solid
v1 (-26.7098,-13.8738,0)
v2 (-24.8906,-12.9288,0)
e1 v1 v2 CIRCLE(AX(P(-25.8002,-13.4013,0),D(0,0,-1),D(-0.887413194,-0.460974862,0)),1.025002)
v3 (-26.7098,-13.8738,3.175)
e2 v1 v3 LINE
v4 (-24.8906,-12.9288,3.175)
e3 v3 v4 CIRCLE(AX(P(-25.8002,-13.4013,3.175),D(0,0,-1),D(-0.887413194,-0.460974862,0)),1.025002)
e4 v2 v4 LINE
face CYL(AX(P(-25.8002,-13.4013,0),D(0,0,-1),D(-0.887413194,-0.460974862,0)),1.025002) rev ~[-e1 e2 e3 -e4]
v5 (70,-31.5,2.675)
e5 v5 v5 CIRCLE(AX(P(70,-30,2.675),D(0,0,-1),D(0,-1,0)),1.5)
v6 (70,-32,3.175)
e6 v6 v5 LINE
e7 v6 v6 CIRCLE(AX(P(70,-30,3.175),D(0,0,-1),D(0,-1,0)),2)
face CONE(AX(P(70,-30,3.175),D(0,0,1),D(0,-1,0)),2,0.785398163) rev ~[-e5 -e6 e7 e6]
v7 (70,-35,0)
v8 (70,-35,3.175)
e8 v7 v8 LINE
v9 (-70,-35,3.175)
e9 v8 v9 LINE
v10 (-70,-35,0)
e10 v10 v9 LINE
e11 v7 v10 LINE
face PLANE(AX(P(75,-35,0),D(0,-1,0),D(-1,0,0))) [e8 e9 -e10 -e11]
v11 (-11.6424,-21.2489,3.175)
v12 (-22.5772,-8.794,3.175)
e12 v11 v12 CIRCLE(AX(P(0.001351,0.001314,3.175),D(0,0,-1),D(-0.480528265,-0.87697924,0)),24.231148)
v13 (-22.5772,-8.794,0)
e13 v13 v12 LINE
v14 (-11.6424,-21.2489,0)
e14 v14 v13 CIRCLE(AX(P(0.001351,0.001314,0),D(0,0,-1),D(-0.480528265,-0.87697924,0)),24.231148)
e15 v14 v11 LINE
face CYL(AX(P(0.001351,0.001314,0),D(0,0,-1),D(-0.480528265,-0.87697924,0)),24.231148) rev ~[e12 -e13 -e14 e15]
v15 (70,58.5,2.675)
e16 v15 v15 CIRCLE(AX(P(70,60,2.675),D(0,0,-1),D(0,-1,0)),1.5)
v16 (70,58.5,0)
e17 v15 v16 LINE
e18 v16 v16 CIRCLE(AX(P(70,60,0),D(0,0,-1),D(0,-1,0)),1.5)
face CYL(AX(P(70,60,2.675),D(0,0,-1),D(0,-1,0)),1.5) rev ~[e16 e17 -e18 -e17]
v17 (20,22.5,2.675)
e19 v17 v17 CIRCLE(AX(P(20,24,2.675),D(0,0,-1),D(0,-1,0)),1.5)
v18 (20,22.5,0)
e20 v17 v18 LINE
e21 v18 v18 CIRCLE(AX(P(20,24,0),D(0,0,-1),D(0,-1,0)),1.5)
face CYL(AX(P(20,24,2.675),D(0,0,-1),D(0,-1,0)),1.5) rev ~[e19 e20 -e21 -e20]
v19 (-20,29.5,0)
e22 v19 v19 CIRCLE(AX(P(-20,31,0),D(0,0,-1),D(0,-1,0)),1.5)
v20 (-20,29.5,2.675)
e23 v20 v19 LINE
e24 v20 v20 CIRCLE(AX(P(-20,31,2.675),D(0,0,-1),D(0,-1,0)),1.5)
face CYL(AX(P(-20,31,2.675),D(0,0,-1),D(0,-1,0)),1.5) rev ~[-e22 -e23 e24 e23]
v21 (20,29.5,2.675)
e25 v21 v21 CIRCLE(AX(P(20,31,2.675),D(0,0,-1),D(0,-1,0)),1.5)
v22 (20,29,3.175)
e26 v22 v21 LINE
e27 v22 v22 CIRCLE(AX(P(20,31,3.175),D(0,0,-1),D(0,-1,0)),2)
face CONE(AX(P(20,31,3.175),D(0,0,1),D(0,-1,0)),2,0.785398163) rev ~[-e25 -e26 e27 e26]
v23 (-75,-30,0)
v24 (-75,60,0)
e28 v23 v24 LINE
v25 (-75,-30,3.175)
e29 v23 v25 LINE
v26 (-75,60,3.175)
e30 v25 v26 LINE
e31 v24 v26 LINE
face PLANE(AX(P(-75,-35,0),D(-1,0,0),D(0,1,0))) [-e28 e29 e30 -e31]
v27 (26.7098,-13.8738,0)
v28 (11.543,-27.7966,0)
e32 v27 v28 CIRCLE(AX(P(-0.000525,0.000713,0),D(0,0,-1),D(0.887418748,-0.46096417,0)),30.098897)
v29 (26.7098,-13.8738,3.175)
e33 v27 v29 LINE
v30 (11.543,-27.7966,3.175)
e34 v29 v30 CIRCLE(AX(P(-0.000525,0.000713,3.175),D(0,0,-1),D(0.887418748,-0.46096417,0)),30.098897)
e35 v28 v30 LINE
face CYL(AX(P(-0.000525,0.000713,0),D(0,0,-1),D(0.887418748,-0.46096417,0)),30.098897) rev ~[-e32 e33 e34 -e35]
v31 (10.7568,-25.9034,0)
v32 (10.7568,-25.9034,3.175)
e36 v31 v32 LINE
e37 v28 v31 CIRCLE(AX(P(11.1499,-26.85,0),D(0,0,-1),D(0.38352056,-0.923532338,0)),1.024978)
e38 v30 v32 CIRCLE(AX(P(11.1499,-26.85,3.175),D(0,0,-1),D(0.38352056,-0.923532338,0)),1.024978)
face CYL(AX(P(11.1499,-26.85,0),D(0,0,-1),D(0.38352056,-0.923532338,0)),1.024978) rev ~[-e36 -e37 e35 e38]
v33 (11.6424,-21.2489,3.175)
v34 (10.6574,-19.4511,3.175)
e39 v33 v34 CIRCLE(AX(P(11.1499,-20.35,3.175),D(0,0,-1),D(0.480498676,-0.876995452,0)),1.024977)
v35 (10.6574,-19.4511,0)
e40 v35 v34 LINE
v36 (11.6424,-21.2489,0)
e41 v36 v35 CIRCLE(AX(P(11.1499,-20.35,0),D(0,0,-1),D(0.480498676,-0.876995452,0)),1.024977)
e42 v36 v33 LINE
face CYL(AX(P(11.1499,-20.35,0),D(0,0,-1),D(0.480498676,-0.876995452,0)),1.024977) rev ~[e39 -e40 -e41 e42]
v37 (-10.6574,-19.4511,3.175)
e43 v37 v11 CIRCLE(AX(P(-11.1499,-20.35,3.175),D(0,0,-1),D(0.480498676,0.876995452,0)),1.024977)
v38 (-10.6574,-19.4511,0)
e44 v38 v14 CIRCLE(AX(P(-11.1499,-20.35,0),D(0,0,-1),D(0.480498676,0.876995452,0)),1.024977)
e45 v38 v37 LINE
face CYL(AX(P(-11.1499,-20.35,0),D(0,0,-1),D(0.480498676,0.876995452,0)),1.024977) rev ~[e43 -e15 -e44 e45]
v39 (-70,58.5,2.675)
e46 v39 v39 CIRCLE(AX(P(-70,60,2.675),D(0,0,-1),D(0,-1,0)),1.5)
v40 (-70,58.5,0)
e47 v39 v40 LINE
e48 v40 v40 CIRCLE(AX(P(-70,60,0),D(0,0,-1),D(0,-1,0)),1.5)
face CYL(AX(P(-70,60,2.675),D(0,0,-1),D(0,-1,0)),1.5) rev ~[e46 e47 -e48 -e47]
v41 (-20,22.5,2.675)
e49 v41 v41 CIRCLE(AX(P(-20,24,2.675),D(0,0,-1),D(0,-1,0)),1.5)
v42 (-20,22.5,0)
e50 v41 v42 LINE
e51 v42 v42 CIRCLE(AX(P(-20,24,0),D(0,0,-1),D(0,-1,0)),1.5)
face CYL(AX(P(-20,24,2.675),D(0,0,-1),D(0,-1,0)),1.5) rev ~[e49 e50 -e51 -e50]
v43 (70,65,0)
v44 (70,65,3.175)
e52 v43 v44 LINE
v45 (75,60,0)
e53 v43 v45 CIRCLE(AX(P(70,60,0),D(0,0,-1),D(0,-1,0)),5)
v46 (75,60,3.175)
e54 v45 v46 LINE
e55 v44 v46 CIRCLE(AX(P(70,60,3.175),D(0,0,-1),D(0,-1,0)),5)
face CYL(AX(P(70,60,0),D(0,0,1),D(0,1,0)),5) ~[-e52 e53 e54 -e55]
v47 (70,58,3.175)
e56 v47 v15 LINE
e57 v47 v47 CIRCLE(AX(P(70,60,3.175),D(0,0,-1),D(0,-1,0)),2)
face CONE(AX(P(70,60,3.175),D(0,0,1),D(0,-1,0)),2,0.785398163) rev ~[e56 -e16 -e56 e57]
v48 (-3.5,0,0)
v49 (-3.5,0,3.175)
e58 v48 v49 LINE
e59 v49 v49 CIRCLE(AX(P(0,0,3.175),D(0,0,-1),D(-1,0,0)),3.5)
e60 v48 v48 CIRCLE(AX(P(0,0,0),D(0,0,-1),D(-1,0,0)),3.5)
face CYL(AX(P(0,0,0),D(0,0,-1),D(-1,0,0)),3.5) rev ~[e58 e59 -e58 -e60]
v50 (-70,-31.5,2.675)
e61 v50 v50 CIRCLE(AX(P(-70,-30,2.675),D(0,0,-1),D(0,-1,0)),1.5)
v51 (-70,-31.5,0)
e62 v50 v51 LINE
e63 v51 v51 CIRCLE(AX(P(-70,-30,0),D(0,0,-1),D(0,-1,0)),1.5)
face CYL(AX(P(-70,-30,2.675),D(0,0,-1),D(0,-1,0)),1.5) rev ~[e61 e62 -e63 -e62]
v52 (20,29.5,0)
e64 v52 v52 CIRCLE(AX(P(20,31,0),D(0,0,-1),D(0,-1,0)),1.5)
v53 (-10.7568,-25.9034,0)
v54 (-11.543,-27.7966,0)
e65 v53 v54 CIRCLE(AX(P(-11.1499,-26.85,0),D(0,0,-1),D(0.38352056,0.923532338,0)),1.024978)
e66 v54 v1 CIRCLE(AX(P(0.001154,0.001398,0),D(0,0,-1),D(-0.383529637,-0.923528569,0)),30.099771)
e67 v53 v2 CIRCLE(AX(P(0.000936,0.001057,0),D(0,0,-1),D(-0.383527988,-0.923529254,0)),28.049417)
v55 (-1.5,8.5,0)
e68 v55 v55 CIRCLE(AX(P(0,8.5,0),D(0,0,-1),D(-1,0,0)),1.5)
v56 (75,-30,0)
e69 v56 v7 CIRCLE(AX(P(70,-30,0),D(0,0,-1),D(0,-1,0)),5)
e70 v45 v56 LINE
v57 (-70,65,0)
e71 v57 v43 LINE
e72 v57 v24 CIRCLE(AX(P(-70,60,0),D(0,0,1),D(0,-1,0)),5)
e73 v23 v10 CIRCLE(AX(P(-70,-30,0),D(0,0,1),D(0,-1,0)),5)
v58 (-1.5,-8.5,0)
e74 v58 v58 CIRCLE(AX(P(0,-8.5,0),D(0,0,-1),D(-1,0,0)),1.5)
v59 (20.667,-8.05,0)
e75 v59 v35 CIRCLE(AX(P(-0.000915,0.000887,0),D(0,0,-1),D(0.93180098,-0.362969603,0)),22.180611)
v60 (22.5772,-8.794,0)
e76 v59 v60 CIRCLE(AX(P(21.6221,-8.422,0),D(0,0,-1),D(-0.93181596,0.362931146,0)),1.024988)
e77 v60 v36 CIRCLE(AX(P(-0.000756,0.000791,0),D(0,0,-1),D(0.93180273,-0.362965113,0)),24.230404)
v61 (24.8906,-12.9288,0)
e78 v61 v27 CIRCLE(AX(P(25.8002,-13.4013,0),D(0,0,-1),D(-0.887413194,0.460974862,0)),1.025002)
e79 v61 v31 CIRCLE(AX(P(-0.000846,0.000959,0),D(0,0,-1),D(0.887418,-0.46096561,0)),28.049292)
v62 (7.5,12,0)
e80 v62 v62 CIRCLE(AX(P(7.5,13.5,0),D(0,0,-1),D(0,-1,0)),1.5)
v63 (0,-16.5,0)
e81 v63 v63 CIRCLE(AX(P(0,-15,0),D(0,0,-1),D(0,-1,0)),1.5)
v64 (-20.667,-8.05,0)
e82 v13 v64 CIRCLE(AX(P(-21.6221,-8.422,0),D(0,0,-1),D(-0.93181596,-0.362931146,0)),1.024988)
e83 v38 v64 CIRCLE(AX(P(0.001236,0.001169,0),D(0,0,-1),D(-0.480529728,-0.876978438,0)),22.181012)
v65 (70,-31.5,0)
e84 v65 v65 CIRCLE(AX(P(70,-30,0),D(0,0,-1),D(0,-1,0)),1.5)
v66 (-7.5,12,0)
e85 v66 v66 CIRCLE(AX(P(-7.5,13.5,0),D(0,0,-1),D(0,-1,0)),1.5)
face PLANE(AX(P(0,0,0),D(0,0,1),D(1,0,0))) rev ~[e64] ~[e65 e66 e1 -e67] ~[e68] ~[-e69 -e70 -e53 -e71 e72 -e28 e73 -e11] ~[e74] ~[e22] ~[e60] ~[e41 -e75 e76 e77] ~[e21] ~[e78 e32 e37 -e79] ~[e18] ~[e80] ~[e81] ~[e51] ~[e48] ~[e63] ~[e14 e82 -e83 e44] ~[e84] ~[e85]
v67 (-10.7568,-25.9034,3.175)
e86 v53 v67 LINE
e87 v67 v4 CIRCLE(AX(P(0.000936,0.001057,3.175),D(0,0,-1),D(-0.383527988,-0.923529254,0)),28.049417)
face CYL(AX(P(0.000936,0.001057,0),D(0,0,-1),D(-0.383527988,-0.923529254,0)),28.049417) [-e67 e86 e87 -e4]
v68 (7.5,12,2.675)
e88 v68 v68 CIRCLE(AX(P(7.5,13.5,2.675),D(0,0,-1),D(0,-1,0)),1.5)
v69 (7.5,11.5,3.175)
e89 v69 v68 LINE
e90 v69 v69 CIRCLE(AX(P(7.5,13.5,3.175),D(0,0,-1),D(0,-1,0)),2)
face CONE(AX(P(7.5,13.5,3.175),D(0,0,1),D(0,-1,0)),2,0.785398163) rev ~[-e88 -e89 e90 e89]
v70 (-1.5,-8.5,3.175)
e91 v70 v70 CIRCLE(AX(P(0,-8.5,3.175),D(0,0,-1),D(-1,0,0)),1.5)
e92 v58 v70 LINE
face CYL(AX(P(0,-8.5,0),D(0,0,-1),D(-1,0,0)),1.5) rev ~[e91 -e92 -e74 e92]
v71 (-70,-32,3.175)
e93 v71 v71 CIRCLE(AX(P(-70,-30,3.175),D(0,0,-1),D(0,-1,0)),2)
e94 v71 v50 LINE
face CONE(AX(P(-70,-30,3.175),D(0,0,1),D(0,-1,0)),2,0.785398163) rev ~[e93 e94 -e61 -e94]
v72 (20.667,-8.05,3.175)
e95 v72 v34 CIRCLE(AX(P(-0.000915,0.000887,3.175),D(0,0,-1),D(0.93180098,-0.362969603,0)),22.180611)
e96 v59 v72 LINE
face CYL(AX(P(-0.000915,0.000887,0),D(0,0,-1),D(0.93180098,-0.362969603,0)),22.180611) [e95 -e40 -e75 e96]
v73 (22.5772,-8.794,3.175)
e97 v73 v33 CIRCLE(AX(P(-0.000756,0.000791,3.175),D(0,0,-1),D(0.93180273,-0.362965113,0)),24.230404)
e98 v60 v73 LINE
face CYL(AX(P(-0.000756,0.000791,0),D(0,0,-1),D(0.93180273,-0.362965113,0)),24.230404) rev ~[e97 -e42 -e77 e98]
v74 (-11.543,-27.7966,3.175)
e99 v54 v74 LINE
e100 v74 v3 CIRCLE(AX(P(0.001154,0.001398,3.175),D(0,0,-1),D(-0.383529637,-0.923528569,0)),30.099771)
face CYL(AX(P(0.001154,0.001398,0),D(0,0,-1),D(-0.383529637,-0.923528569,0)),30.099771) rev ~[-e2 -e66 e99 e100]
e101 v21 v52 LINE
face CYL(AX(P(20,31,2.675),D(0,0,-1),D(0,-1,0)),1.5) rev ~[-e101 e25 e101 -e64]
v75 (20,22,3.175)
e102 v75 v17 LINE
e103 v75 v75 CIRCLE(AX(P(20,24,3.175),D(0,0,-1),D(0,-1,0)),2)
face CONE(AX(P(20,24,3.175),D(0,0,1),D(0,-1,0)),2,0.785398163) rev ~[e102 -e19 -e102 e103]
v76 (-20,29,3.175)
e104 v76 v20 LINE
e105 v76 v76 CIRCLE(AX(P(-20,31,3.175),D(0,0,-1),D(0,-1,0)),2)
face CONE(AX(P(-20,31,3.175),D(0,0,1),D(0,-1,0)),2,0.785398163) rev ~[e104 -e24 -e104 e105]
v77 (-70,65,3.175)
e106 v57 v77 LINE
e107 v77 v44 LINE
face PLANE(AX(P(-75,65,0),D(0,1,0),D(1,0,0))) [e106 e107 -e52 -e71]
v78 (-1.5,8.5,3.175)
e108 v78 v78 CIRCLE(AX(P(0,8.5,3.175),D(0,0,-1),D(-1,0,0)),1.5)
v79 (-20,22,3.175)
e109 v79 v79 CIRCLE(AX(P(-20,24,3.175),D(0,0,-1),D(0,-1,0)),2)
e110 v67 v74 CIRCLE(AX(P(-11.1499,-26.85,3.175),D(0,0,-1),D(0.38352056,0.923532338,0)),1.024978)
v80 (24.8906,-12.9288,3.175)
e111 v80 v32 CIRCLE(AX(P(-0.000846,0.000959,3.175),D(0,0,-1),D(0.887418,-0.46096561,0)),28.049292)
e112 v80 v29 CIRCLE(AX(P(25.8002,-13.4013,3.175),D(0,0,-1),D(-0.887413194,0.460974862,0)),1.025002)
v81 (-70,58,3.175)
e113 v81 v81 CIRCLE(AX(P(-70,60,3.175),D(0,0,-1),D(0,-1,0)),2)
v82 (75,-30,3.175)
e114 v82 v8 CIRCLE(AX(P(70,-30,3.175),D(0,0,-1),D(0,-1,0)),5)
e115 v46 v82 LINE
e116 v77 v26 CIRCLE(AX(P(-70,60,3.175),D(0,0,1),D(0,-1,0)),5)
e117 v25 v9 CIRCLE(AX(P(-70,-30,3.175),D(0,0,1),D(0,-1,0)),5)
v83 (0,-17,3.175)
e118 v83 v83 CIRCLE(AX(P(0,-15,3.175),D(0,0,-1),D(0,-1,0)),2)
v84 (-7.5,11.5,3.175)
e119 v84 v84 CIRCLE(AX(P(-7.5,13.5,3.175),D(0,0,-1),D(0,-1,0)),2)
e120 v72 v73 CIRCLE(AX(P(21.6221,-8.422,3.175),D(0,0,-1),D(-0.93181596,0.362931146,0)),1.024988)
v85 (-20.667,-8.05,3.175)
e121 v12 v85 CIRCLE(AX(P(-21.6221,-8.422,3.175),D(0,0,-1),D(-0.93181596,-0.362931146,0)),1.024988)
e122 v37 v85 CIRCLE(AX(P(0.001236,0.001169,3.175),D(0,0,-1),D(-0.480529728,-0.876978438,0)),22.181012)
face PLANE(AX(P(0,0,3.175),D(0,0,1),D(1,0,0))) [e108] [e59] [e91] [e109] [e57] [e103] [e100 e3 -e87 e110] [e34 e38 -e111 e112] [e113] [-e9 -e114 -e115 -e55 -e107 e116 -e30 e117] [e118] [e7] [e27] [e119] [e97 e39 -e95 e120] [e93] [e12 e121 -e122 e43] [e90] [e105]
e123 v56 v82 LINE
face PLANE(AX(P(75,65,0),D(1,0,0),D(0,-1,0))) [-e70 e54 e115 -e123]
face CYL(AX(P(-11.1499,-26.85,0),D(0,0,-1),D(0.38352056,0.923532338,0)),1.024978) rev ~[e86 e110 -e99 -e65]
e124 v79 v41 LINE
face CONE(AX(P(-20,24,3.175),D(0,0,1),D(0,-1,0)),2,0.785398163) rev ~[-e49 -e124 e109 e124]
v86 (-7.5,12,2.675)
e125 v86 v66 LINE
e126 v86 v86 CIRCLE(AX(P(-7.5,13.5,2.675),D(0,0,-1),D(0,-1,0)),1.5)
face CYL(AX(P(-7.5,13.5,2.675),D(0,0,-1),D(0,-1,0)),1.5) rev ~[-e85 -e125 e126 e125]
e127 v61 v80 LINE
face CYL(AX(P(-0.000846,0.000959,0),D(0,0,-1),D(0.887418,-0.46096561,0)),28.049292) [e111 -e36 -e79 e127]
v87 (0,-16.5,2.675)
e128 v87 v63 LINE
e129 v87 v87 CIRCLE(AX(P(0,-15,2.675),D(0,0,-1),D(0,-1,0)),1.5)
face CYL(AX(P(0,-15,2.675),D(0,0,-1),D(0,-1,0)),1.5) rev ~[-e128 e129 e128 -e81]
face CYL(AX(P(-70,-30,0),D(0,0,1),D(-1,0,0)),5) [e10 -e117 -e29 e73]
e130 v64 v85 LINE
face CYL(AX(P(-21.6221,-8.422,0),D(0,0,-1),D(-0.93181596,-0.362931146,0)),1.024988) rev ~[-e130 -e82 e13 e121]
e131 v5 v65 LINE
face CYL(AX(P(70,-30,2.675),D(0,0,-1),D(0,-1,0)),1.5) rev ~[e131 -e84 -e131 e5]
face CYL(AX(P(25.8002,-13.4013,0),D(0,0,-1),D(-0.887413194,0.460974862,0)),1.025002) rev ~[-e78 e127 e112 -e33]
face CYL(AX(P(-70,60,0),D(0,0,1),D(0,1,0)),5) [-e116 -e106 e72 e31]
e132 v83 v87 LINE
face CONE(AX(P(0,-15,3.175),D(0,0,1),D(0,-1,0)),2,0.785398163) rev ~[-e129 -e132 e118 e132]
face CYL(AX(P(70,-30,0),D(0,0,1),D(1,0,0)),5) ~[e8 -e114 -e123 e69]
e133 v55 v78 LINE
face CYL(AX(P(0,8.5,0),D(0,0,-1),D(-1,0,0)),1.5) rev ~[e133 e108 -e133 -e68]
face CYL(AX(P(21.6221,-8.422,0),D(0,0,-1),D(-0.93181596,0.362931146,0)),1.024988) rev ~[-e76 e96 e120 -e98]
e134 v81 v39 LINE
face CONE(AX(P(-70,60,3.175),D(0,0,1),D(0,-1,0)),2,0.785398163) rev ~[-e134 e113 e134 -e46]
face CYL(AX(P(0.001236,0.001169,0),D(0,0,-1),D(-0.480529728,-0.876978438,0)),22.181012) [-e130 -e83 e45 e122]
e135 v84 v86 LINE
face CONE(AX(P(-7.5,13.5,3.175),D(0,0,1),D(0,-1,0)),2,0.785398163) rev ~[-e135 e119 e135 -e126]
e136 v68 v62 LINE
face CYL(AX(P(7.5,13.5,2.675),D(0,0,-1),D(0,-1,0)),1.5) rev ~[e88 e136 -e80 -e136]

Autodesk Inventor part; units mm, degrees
ref_plane "YZ Plane" through (0, 0, 0) normal (1, 0, 0) x (0, 1, 0)
ref_plane "XZ Plane" through (0, 0, 0) normal (0, 1, 0) x (-1, 0, 0)
ref_plane "XY Plane" through (0, 0, 0) normal (0, 0, 1) x (1, 0, 0)
sketch "Sketch1" plane through (0, 0, 0) normal (0, 0, 1) x (1, 0, 0)
  line L0 (-75, 65) -> (75, 65)
  line L1 (75, 65) -> (75, -35)
  line L2 (75, -35) -> (-75, -35)
  line L3 (-75, -35) -> (-75, 65)
  point P0 (0, 0)
  dimension "d0" = 150
  dimension "d1" = 100
  dimension "d26" = 75
  dimension "d27" = 65
extrude "Extrusion1" add sketch "Sketch1" along normal blind 3.175
sketch "Sketch2" plane through (0, 0, 3.175) normal (0, 0, 1) x (1, 0, 0)
  line L0 (75, 65) -> (-75, 65) projected
  line L1 (-75, 65) -> (-75, -35) projected
  line L2 (75, -35) -> (75, 65) projected
  line L3 (-75, -35) -> (75, -35) projected
  point P0 (0, 0)
  point P1 (-70, 60)
  point P2 (70, 60)
  point P3 (70, -30)
  point P4 (-70, -30)
  dimension "d4" = 5
  dimension "d5" = 5
  dimension "d6" = 5
  dimension "d7" = 5
  dimension "d8" = 5
  dimension "d9" = 5
  dimension "d10" = 5
  dimension "d11" = 5
hole "Hole1" at (-70, 60, 3.175) at (70, 60, 3.175) at (70, -30, 3.175) at (-70, -30, 3.175) direction (0, 0, -1) diameter 3 end through all countersink diameter 4 countersink angle 90
fillet "Fillet1" radius 5 4 edges at (-75, 65, 1.5875) (75, 65, 1.5875) (75, -35, 1.5875) (-75, -35, 1.5875)
sketch "Sketch4" plane through (0, 0, 0) normal (0, 0, -1) x (-1, 0, 0)
  circle A0 centre (0, 0) radius 3.5
  circle A1 centre (0, 8.5) radius 1.5
  circle A2 centre (0, -8.5) radius 1.5
  dimension "d35" = 7
  dimension "d36" = 8.5
  dimension "d37" = 8.5
  dimension "d38" = 3
  dimension "d39" = 3
  dimension "d40" = 0
  dimension "d41" = 0
extrude "Extrusion3" cut sketch "Sketch4" against normal up to next
sketch "Sketch5" plane through (0, 0, 0) normal (0, 0, -1) x (-1, 0, 0)
  line L0 (5.9999, -30) -> (5.9999, 8.0565) construction
  line L1 (11.1182, -28.5024) -> (4.5396, 8.8062) construction
  line L2 (15.8986, -26.1386) -> (3.2654, 8.571) construction
  line L3 (20.1961, -22.9808) -> (2.6287, 7.447) construction
  line L4 (23.8798, -19.1247) -> (2.1665, 6.7525) construction
  line L5 (-70, -35) -> (70, -35) projected
  line L6 (75, -30) -> (75, 60) projected
  line L7 (10.5712, -25.4002) -> (13.7361, -24.8422)
  line L8 (14.8213, -23.1786) -> (18.4034, -21.8748) construction
  line L9 (18.6211, -20.2528) -> (20.9099, -18.9314) construction
  line L10 (21.855, -16.7116) -> (23.791, -15.0872) construction
  arc A0 (11.1499, -20.35) -> (17.4375, -15.3092) centre (0.0019, -0.0027) ccw construction
  arc A1 (17.4375, -15.3092) -> (21.6221, -8.422) centre (0.0014, -0.0005) ccw construction
  arc A2 (11.1499, -26.85) -> (19.6607, -21.4172) centre (0.0018, -0.0031) ccw construction
  arc A3 (19.6607, -21.4172) -> (25.8002, -13.4013) centre (0.0012, -0.0006) ccw construction
  arc A4 (11.1499, -20.35) -> (21.6221, -8.422) centre (-0.0011, 0.001) ccw construction
  arc A5 (11.6424, -21.2489) -> (22.5772, -8.794) centre (-0.0011, 0.001) ccw
  arc A6 (10.6574, -19.4511) -> (20.667, -8.05) centre (-0.0011, 0.001) ccw
  arc A7 (10.6574, -19.4511) -> (11.6424, -21.2489) centre (11.1499, -20.35) ccw
  arc A8 (22.5772, -8.794) -> (20.667, -8.05) centre (21.6221, -8.422) ccw
  arc A9 (11.1499, -26.85) -> (25.8002, -13.4013) centre (-0.0009, 0.001) ccw construction
  arc A10 (11.543, -27.7966) -> (26.7098, -13.8738) centre (-0.0009, 0.001) ccw
  arc A11 (10.7568, -25.9034) -> (24.8906, -12.9288) centre (-0.0009, 0.001) ccw
  arc A12 (10.7568, -25.9034) -> (11.543, -27.7966) centre (11.1499, -26.85) ccw
  arc A13 (26.7098, -13.8738) -> (24.8906, -12.9288) centre (25.8002, -13.4013) ccw
  line L11 (0, -12.0487) -> (0, -35) construction
  arc A14 (-22.5772, -8.794) -> (-11.6424, -21.2489) centre (0.0011, 0.001) ccw
  arc A15 (-20.667, -8.05) -> (-10.6574, -19.4511) centre (0.0011, 0.001) ccw
  arc A16 (-11.6424, -21.2489) -> (-10.6574, -19.4511) centre (-11.1499, -20.35) ccw
  arc A17 (-20.667, -8.05) -> (-22.5772, -8.794) centre (-21.6221, -8.422) ccw
  arc A18 (-26.7098, -13.8738) -> (-11.543, -27.7966) centre (0.0009, 0.001) ccw
  arc A19 (-24.8906, -12.9288) -> (-10.7568, -25.9034) centre (0.0009, 0.001) ccw
  arc A20 (-11.543, -27.7966) -> (-10.7568, -25.9034) centre (-11.1499, -26.85) ccw
  arc A21 (-24.8906, -12.9288) -> (-26.7098, -13.8738) centre (-25.8002, -13.4013) ccw
  point P0 (0, 0)
  point P1 (15.643, -24.5059)
  point P2 (14.5143, -18.1047)
  point P3 (23.0811, -17.6778)
  point P4 (19.8311, -12.0486)
  dimension "d48" = 5.15
  dimension "d50" = 3.15
  dimension "d51" = 6.5
  dimension "d52" = 5.15
  dimension "d53" = 5.15
  dimension "d54" = 3.15
  dimension "d55" = 0
  dimension "d56" = 5.15
  dimension "d57" = 6.5
  dimension "d58" = 5.15
  dimension "d59" = 5.15
  dimension "d60" = 3.15
  dimension "d61" = 0
  dimension "d62" = 6.5
  dimension "d63" = 5.15
  dimension "d64" = 5.15
  dimension "d65" = 3.15
  dimension "d66" = 0
  dimension "d67" = 6.5
  dimension "d68" = 5.15
  dimension "d69" = 5.15
  dimension "d70" = 3.15
  dimension "d71" = 0
  dimension "d72" = 6.5
  dimension "d73" = 2.05
  dimension "d74" = 2.05
  dimension "d75" = 22.9513
extrude "Extrusion4" cut sketch "Sketch5" against normal through all
sketch "Sketch8" plane through (0, 0, 3.175) normal (0, 0, 1) x (1, 0, 0)
  point P0 (0, 0)
  point P1 (-7.5, 13.5)
  point P2 (7.5, 13.5)
  point P3 (0, -15)
  dimension "d78" = 7.5
  dimension "d79" = 15
  dimension "d80" = 13.5
  dimension "d81" = 13.5
  dimension "d82" = 15
  dimension "d83" = 0
hole "Hole2" at (-7.5, 13.5, 3.175) at (7.5, 13.5, 3.175) at (0, -15, 3.175) direction (0, 0, -1) diameter 3 end through all countersink diameter 4 countersink angle 90
sketch "Sketch9" plane through (0, 0, 3.175) normal (0, 0, 1) x (1, 0, 0)
  line L0 (70, 65) -> (-70, 65) projected
  line L1 (-75, 60) -> (-75, -30) projected
  point P0 (0, 0)
  point P1 (-20, 31)
  point P2 (-20, 24)
  point P3 (20, 24)
  point P4 (20, 31)
  dimension "d91" = 40
  dimension "d92" = 34
  dimension "d93" = 7
  dimension "d94" = 7
  dimension "d95" = 34
  dimension "d96" = 55
  dimension "d97" = 55
  dimension "d98" = 40
hole "Hole3" at (-20, 31, 3.175) at (-20, 24, 3.175) at (20, 24, 3.175) at (20, 31, 3.175) direction (0, 0, -1) diameter 3 end through all countersink diameter 4 countersink angle 90
equation "\"d78\" = 0.5 * d79"
properties part number "SheetPot"
